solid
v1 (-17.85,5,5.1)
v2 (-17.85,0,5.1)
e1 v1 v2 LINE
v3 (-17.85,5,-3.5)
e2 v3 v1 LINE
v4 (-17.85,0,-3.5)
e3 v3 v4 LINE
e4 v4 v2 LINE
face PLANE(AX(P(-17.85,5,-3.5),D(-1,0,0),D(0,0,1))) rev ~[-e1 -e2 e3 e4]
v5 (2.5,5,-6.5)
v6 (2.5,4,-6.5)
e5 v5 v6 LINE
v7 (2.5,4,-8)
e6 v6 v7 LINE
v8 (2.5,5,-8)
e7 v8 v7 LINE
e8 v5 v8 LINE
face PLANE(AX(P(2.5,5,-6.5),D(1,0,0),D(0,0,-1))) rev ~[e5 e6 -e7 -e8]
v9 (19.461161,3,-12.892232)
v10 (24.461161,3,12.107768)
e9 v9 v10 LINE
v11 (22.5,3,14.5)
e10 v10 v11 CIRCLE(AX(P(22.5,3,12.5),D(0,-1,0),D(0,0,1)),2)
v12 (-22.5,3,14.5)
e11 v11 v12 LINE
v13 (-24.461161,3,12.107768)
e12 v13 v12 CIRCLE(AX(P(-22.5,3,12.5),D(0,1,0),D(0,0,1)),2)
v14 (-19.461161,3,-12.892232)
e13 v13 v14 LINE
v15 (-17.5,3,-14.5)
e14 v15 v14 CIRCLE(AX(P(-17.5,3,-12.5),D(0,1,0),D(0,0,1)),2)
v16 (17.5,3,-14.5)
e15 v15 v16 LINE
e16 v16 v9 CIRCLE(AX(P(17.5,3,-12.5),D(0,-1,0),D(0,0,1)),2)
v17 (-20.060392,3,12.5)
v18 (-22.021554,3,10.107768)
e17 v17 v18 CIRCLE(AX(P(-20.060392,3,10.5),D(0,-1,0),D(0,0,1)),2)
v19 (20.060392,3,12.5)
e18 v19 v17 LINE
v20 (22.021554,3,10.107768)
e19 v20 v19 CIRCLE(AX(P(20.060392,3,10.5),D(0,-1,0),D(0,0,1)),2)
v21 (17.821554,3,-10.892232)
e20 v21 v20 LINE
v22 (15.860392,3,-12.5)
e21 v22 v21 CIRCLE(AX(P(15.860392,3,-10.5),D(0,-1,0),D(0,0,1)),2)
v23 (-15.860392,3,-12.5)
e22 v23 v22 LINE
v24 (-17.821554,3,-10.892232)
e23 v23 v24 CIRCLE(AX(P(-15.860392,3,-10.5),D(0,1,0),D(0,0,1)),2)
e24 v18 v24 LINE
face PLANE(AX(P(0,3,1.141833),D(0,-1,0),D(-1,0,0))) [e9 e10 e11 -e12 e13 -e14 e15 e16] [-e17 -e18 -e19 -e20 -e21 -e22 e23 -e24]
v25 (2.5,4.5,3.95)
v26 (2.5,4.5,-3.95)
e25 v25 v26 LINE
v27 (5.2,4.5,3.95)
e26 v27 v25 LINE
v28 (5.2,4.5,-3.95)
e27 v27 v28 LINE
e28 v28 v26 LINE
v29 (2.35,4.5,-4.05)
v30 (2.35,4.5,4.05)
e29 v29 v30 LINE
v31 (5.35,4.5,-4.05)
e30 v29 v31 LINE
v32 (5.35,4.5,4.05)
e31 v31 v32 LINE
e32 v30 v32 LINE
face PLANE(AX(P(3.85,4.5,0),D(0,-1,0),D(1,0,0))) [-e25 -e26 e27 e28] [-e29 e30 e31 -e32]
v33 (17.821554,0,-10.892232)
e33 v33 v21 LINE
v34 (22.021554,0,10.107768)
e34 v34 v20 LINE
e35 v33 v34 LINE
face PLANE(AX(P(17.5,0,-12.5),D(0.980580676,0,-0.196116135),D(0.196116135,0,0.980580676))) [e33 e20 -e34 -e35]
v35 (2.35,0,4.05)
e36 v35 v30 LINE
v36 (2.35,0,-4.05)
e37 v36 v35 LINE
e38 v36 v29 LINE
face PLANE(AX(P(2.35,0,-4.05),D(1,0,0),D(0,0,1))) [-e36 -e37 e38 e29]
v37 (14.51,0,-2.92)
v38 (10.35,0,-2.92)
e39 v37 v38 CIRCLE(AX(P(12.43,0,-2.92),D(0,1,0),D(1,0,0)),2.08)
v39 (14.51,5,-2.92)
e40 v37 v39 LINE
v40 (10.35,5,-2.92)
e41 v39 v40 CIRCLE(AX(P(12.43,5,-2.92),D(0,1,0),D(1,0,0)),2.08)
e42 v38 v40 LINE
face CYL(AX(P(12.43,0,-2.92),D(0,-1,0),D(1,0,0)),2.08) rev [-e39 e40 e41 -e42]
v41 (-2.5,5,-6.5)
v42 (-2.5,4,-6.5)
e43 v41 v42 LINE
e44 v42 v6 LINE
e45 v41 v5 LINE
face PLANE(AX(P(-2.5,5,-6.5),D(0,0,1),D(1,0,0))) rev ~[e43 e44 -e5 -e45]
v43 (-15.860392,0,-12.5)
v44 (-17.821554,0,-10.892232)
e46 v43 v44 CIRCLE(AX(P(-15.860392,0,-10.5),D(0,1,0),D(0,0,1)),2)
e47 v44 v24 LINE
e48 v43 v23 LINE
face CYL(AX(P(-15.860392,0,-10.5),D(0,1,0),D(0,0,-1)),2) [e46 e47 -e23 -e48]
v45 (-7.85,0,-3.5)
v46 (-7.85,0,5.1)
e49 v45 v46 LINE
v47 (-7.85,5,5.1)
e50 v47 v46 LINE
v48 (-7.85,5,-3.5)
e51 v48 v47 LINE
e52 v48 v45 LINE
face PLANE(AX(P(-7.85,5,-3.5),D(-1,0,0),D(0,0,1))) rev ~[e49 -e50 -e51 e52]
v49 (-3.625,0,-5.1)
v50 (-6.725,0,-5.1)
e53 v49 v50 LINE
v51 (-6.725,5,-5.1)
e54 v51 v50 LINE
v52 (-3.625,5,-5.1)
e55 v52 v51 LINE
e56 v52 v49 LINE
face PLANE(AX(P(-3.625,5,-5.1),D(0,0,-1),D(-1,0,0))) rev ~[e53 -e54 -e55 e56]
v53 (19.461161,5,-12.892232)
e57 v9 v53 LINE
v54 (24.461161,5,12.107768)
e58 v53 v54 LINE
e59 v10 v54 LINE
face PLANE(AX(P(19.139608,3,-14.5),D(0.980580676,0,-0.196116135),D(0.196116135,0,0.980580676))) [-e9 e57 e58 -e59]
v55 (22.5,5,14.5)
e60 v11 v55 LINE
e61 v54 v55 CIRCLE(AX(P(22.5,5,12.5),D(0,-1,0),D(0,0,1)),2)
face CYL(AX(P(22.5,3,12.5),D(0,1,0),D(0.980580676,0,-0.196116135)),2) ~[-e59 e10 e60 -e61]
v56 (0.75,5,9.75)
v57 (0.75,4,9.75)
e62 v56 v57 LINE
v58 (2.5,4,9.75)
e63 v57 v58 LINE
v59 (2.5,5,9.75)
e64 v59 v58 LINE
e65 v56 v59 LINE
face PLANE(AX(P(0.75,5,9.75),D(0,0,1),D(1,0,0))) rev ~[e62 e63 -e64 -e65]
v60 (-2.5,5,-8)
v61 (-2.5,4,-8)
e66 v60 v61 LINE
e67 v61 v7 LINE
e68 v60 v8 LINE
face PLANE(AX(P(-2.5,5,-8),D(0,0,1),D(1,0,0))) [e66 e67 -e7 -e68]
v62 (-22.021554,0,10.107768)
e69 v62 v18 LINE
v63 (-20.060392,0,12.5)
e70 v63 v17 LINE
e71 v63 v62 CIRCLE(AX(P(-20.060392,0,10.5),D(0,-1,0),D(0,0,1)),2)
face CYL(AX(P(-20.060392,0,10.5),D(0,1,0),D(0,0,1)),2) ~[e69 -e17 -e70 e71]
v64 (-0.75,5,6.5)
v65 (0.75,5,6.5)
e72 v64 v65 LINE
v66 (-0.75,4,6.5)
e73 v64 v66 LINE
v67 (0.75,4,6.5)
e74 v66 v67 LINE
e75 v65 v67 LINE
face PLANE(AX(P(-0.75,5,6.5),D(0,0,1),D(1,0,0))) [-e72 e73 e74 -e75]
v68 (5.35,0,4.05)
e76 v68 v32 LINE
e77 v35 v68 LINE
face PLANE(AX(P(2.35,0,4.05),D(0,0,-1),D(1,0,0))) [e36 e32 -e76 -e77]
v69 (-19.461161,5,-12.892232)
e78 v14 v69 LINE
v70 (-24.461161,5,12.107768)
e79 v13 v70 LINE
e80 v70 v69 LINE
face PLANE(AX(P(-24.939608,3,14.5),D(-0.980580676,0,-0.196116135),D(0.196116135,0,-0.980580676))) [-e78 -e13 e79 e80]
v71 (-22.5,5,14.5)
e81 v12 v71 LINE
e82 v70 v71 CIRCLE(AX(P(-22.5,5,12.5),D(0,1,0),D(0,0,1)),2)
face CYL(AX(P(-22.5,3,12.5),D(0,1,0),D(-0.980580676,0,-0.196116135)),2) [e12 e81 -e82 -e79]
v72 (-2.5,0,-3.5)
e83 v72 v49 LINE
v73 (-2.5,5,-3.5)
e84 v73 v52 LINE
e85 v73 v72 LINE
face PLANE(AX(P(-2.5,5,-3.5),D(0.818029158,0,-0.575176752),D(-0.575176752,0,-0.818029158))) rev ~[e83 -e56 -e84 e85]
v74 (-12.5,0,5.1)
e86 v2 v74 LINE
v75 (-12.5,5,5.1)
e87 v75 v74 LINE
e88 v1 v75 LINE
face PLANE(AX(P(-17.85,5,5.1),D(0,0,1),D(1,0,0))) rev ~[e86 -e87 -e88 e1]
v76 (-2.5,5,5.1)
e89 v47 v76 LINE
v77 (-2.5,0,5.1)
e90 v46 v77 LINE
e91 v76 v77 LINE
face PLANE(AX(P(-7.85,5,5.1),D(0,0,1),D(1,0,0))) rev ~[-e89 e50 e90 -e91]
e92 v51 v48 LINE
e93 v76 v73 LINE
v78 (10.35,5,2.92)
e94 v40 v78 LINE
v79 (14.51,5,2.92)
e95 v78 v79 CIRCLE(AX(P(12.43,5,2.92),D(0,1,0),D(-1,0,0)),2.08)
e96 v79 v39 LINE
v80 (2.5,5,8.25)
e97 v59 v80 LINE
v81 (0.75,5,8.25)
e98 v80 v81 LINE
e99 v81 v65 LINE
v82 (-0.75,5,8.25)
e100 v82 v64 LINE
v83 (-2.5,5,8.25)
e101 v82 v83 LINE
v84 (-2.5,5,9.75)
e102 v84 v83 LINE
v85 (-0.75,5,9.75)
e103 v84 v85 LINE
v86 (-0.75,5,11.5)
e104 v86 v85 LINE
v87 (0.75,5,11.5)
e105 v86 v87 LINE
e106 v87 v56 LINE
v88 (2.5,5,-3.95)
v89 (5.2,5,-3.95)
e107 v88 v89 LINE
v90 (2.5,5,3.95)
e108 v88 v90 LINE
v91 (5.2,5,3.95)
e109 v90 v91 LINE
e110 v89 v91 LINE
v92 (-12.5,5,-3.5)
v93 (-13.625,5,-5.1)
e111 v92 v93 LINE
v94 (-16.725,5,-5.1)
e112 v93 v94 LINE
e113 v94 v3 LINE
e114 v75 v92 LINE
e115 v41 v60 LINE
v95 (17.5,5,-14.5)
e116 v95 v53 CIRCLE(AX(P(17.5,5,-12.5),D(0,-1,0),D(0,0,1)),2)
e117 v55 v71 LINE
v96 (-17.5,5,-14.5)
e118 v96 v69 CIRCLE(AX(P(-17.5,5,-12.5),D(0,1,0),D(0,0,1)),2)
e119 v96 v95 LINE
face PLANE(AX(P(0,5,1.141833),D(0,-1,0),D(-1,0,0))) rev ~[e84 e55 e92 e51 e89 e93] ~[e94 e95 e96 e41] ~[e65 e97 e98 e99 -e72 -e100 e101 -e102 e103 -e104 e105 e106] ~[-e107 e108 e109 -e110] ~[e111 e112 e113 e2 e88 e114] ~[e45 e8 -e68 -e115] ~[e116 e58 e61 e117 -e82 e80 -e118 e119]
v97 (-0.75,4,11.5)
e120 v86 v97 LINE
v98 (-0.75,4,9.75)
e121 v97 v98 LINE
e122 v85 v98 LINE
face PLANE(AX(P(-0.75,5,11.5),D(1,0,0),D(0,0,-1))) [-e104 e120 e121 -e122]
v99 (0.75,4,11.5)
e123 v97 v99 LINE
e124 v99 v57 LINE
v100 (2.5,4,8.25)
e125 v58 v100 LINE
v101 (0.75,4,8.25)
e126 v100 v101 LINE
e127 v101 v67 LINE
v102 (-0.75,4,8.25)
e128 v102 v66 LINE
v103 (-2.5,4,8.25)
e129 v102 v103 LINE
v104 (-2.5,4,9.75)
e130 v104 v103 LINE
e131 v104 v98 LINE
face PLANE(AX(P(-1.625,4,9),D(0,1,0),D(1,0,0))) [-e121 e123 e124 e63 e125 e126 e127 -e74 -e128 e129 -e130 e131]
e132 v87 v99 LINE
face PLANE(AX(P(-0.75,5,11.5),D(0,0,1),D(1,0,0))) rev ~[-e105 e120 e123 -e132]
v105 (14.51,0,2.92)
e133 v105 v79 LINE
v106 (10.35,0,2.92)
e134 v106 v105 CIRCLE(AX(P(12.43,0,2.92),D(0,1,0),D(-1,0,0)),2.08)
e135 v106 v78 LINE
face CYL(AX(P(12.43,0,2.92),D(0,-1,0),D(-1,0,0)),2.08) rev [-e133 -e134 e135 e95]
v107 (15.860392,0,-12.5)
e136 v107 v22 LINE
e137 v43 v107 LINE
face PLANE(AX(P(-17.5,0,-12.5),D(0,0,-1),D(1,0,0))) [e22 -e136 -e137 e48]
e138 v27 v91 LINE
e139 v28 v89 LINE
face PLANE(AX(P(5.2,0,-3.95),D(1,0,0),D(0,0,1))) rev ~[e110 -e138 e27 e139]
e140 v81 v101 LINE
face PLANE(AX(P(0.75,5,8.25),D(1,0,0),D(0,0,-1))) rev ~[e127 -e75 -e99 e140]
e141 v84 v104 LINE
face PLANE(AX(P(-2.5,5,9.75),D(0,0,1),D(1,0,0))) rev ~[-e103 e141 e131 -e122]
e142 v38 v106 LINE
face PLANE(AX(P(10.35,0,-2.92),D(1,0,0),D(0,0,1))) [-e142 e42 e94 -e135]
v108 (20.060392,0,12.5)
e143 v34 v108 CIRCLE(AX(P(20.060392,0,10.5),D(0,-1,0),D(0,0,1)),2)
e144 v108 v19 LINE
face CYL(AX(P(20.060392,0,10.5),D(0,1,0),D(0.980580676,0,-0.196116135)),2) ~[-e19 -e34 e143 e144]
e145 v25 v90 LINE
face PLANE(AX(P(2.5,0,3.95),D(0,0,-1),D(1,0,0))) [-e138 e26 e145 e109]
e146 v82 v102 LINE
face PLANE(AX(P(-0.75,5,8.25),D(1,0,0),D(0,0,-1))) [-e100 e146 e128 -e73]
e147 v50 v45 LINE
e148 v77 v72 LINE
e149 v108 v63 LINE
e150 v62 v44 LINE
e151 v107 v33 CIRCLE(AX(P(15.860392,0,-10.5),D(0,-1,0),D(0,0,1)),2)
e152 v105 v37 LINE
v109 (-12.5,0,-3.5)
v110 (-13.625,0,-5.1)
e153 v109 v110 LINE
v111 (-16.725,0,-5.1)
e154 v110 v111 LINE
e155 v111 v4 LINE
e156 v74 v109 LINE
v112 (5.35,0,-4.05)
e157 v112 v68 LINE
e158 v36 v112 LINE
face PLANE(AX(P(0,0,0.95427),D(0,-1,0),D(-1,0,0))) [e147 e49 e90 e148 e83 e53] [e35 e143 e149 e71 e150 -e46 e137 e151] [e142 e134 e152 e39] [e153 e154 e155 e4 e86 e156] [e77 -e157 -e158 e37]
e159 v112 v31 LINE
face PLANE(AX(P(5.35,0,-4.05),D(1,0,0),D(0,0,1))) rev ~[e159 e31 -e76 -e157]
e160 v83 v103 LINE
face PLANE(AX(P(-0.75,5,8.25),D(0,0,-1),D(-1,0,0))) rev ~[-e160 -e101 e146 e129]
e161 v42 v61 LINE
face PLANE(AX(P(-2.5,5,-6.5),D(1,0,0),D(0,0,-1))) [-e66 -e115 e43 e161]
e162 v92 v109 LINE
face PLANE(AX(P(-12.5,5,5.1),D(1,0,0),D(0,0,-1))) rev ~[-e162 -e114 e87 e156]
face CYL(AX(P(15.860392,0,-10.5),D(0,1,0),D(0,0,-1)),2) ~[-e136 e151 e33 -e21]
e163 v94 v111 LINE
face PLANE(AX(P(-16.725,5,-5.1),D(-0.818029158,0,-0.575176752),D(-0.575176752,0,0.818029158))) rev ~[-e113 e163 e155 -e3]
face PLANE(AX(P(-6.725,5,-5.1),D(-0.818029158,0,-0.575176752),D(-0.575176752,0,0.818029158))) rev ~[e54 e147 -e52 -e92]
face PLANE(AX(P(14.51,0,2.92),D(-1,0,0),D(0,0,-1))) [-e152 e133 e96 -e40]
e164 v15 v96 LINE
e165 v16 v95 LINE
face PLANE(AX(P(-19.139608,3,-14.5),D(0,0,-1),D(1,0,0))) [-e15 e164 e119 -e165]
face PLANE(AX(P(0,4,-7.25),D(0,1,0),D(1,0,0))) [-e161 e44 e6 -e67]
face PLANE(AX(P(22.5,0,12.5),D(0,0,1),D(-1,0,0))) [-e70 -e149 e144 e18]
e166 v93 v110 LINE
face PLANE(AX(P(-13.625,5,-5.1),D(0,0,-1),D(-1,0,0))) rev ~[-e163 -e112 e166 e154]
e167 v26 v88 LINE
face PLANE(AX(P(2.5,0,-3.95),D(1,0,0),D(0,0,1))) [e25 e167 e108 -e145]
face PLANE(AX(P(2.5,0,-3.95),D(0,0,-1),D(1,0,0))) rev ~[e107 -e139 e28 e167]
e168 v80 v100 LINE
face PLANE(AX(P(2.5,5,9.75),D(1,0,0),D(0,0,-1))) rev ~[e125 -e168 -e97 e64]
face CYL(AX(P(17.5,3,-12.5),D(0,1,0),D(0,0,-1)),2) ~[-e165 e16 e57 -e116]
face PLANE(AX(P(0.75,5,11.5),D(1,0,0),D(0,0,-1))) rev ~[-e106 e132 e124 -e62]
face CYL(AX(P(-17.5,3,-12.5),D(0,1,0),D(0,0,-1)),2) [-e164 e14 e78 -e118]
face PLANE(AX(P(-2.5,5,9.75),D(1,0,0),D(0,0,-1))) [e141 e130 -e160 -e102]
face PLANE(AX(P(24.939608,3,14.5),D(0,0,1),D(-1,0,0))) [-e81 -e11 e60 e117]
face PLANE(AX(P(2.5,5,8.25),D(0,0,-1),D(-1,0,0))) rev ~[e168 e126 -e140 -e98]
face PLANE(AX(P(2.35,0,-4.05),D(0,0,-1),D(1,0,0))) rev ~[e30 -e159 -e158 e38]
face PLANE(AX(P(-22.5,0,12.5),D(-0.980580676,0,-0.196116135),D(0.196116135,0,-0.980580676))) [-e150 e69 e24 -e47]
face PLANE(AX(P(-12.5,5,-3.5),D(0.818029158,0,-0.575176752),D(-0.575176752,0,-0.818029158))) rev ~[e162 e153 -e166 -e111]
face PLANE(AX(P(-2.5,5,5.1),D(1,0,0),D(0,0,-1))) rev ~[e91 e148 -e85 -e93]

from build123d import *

# Parameters (mm, degrees)
BOSS_EXTRUDE1_DEPTH = 3
BOSS_EXTRUDE2_DEPTH = 2
FILLET1_R           = 2
CUT_EXTRUDE1_DEPTH  = 5
LPATTERN1_COUNT     = 2
LPATTERN1_PITCH     = 10
SKETCH5_W           = 2.7
SKETCH5_H           = 7.9
CUT_EXTRUDE2_DEPTH  = 5
SKETCH6_W           = 3
SKETCH6_H           = 8.1
CUT_EXTRUDE3_DEPTH  = 4.5
USB_C_HOLE_DEPTH    = 5
SKETCH8_W           = 1.75
SKETCH8_H           = 1.5
SKETCH8_W_2         = 1.5
SKETCH8_H_2         = 1.75
SKETCH8_W_3         = 5
POSNEGSIGNS_DEPTH   = 1


with BuildPart() as part:
    # Sketch1 → Boss-Extrude1 (new body)
    with BuildSketch(Plane(origin=(0, 0, 0), x_dir=(1, 0, 0), z_dir=(0, 1, 0))):
        Polygon((-17.5, 12.5), (17.5, 12.5), (22.5, -12.5), (-22.5, -12.5), align=None)
    extrude(amount=BOSS_EXTRUDE1_DEPTH)

    # Sketch2 → Boss-Extrude2 (add)
    with BuildSketch(Plane(origin=(0, 3, 0), x_dir=(1, 0, 0), z_dir=(0, 1, 0))):
        Polygon((-19.139607805, 14.5), (19.139607805, 14.5), (24.939607805, -14.5), (-24.939607805, -14.5), align=None)
    extrude(amount=BOSS_EXTRUDE2_DEPTH)

    # Fillet1
    fillet1_edges = [part.edges().sort_by_distance(p)[0] for p in [
        (-19.139607805, 4, -14.5),
        (-24.939607805, 4, 14.5),
        (24.939607805, 4, 14.5),
        (19.139607805, 4, -14.5),
        (-17.5, 1.5, -12.5),
        (17.5, 1.5, -12.5),
        (22.5, 1.5, 12.5),
        (-22.5, 1.5, 12.5),
    ]]
    fillet(fillet1_edges, radius=FILLET1_R)

    # Sketch3 → Cut-Extrude1 (cut)
    with BuildSketch(Plane(origin=(0, 5, 0), x_dir=(1, 0, 0), z_dir=(0, 1, 0))):
        Polygon((-7.85, -5.1), (-2.5, -5.1), (-2.5, 3.5), (-3.625, 5.1), (-6.725, 5.1), (-7.85, 3.5), align=None)
    cut_extrude1 = extrude(amount=-CUT_EXTRUDE1_DEPTH, mode=Mode.SUBTRACT)

    # LPattern1: Cut-Extrude1 ×2
    with Locations(*[(-i * LPATTERN1_PITCH, 0, 0) for i in range(1, LPATTERN1_COUNT)]):
        add(cut_extrude1, mode=Mode.SUBTRACT)

    # Sketch5 → Cut-Extrude2 (cut)
    with BuildSketch(Plane.XZ):
        with Locations((3.85, 0)):
            Rectangle(SKETCH5_W, SKETCH5_H)
    extrude(amount=-CUT_EXTRUDE2_DEPTH, mode=Mode.SUBTRACT)

    # Sketch6 → Cut-Extrude3 (cut)
    with BuildSketch(Plane.XZ):
        with Locations((3.85, 0)):
            Rectangle(SKETCH6_W, SKETCH6_H)
    extrude(amount=-CUT_EXTRUDE3_DEPTH, mode=Mode.SUBTRACT)

    # Sketch7 → USB-C Hole (cut)
    with BuildSketch(Plane.XZ):
        with BuildLine():
            Line((14.51, 2.92), (14.51, -2.92))
            ThreePointArc((14.51, -2.92), (12.43, -5), (10.35, -2.92))
            Line((10.35, -2.92), (10.35, 2.92))
            ThreePointArc((10.35, 2.92), (12.43, 5), (14.51, 2.92))
        make_face()
    extrude(amount=-USB_C_HOLE_DEPTH, mode=Mode.SUBTRACT)

    # Sketch8 → PosNegSigns (cut)
    with BuildSketch(Plane(origin=(0, 5, 0), x_dir=(1, 0, 0), z_dir=(0, 1, 0))):
        with Locations((-1.625, -9)):
            Rectangle(SKETCH8_W, SKETCH8_H)
        with Locations((0, -10.625)):
            Rectangle(SKETCH8_W_2, SKETCH8_H_2)
        with Locations((0, -9)):
            Rectangle(SKETCH8_W_2, SKETCH8_H)
        with Locations((1.625, -9)):
            Rectangle(SKETCH8_W, SKETCH8_H)
        with Locations((0, -7.375)):
            Rectangle(SKETCH8_W_2, SKETCH8_H_2)
        with Locations((0, 7.25)):
            Rectangle(SKETCH8_W_3, SKETCH8_H)
    extrude(amount=-POSNEGSIGNS_DEPTH, mode=Mode.SUBTRACT)


solid = part.part
